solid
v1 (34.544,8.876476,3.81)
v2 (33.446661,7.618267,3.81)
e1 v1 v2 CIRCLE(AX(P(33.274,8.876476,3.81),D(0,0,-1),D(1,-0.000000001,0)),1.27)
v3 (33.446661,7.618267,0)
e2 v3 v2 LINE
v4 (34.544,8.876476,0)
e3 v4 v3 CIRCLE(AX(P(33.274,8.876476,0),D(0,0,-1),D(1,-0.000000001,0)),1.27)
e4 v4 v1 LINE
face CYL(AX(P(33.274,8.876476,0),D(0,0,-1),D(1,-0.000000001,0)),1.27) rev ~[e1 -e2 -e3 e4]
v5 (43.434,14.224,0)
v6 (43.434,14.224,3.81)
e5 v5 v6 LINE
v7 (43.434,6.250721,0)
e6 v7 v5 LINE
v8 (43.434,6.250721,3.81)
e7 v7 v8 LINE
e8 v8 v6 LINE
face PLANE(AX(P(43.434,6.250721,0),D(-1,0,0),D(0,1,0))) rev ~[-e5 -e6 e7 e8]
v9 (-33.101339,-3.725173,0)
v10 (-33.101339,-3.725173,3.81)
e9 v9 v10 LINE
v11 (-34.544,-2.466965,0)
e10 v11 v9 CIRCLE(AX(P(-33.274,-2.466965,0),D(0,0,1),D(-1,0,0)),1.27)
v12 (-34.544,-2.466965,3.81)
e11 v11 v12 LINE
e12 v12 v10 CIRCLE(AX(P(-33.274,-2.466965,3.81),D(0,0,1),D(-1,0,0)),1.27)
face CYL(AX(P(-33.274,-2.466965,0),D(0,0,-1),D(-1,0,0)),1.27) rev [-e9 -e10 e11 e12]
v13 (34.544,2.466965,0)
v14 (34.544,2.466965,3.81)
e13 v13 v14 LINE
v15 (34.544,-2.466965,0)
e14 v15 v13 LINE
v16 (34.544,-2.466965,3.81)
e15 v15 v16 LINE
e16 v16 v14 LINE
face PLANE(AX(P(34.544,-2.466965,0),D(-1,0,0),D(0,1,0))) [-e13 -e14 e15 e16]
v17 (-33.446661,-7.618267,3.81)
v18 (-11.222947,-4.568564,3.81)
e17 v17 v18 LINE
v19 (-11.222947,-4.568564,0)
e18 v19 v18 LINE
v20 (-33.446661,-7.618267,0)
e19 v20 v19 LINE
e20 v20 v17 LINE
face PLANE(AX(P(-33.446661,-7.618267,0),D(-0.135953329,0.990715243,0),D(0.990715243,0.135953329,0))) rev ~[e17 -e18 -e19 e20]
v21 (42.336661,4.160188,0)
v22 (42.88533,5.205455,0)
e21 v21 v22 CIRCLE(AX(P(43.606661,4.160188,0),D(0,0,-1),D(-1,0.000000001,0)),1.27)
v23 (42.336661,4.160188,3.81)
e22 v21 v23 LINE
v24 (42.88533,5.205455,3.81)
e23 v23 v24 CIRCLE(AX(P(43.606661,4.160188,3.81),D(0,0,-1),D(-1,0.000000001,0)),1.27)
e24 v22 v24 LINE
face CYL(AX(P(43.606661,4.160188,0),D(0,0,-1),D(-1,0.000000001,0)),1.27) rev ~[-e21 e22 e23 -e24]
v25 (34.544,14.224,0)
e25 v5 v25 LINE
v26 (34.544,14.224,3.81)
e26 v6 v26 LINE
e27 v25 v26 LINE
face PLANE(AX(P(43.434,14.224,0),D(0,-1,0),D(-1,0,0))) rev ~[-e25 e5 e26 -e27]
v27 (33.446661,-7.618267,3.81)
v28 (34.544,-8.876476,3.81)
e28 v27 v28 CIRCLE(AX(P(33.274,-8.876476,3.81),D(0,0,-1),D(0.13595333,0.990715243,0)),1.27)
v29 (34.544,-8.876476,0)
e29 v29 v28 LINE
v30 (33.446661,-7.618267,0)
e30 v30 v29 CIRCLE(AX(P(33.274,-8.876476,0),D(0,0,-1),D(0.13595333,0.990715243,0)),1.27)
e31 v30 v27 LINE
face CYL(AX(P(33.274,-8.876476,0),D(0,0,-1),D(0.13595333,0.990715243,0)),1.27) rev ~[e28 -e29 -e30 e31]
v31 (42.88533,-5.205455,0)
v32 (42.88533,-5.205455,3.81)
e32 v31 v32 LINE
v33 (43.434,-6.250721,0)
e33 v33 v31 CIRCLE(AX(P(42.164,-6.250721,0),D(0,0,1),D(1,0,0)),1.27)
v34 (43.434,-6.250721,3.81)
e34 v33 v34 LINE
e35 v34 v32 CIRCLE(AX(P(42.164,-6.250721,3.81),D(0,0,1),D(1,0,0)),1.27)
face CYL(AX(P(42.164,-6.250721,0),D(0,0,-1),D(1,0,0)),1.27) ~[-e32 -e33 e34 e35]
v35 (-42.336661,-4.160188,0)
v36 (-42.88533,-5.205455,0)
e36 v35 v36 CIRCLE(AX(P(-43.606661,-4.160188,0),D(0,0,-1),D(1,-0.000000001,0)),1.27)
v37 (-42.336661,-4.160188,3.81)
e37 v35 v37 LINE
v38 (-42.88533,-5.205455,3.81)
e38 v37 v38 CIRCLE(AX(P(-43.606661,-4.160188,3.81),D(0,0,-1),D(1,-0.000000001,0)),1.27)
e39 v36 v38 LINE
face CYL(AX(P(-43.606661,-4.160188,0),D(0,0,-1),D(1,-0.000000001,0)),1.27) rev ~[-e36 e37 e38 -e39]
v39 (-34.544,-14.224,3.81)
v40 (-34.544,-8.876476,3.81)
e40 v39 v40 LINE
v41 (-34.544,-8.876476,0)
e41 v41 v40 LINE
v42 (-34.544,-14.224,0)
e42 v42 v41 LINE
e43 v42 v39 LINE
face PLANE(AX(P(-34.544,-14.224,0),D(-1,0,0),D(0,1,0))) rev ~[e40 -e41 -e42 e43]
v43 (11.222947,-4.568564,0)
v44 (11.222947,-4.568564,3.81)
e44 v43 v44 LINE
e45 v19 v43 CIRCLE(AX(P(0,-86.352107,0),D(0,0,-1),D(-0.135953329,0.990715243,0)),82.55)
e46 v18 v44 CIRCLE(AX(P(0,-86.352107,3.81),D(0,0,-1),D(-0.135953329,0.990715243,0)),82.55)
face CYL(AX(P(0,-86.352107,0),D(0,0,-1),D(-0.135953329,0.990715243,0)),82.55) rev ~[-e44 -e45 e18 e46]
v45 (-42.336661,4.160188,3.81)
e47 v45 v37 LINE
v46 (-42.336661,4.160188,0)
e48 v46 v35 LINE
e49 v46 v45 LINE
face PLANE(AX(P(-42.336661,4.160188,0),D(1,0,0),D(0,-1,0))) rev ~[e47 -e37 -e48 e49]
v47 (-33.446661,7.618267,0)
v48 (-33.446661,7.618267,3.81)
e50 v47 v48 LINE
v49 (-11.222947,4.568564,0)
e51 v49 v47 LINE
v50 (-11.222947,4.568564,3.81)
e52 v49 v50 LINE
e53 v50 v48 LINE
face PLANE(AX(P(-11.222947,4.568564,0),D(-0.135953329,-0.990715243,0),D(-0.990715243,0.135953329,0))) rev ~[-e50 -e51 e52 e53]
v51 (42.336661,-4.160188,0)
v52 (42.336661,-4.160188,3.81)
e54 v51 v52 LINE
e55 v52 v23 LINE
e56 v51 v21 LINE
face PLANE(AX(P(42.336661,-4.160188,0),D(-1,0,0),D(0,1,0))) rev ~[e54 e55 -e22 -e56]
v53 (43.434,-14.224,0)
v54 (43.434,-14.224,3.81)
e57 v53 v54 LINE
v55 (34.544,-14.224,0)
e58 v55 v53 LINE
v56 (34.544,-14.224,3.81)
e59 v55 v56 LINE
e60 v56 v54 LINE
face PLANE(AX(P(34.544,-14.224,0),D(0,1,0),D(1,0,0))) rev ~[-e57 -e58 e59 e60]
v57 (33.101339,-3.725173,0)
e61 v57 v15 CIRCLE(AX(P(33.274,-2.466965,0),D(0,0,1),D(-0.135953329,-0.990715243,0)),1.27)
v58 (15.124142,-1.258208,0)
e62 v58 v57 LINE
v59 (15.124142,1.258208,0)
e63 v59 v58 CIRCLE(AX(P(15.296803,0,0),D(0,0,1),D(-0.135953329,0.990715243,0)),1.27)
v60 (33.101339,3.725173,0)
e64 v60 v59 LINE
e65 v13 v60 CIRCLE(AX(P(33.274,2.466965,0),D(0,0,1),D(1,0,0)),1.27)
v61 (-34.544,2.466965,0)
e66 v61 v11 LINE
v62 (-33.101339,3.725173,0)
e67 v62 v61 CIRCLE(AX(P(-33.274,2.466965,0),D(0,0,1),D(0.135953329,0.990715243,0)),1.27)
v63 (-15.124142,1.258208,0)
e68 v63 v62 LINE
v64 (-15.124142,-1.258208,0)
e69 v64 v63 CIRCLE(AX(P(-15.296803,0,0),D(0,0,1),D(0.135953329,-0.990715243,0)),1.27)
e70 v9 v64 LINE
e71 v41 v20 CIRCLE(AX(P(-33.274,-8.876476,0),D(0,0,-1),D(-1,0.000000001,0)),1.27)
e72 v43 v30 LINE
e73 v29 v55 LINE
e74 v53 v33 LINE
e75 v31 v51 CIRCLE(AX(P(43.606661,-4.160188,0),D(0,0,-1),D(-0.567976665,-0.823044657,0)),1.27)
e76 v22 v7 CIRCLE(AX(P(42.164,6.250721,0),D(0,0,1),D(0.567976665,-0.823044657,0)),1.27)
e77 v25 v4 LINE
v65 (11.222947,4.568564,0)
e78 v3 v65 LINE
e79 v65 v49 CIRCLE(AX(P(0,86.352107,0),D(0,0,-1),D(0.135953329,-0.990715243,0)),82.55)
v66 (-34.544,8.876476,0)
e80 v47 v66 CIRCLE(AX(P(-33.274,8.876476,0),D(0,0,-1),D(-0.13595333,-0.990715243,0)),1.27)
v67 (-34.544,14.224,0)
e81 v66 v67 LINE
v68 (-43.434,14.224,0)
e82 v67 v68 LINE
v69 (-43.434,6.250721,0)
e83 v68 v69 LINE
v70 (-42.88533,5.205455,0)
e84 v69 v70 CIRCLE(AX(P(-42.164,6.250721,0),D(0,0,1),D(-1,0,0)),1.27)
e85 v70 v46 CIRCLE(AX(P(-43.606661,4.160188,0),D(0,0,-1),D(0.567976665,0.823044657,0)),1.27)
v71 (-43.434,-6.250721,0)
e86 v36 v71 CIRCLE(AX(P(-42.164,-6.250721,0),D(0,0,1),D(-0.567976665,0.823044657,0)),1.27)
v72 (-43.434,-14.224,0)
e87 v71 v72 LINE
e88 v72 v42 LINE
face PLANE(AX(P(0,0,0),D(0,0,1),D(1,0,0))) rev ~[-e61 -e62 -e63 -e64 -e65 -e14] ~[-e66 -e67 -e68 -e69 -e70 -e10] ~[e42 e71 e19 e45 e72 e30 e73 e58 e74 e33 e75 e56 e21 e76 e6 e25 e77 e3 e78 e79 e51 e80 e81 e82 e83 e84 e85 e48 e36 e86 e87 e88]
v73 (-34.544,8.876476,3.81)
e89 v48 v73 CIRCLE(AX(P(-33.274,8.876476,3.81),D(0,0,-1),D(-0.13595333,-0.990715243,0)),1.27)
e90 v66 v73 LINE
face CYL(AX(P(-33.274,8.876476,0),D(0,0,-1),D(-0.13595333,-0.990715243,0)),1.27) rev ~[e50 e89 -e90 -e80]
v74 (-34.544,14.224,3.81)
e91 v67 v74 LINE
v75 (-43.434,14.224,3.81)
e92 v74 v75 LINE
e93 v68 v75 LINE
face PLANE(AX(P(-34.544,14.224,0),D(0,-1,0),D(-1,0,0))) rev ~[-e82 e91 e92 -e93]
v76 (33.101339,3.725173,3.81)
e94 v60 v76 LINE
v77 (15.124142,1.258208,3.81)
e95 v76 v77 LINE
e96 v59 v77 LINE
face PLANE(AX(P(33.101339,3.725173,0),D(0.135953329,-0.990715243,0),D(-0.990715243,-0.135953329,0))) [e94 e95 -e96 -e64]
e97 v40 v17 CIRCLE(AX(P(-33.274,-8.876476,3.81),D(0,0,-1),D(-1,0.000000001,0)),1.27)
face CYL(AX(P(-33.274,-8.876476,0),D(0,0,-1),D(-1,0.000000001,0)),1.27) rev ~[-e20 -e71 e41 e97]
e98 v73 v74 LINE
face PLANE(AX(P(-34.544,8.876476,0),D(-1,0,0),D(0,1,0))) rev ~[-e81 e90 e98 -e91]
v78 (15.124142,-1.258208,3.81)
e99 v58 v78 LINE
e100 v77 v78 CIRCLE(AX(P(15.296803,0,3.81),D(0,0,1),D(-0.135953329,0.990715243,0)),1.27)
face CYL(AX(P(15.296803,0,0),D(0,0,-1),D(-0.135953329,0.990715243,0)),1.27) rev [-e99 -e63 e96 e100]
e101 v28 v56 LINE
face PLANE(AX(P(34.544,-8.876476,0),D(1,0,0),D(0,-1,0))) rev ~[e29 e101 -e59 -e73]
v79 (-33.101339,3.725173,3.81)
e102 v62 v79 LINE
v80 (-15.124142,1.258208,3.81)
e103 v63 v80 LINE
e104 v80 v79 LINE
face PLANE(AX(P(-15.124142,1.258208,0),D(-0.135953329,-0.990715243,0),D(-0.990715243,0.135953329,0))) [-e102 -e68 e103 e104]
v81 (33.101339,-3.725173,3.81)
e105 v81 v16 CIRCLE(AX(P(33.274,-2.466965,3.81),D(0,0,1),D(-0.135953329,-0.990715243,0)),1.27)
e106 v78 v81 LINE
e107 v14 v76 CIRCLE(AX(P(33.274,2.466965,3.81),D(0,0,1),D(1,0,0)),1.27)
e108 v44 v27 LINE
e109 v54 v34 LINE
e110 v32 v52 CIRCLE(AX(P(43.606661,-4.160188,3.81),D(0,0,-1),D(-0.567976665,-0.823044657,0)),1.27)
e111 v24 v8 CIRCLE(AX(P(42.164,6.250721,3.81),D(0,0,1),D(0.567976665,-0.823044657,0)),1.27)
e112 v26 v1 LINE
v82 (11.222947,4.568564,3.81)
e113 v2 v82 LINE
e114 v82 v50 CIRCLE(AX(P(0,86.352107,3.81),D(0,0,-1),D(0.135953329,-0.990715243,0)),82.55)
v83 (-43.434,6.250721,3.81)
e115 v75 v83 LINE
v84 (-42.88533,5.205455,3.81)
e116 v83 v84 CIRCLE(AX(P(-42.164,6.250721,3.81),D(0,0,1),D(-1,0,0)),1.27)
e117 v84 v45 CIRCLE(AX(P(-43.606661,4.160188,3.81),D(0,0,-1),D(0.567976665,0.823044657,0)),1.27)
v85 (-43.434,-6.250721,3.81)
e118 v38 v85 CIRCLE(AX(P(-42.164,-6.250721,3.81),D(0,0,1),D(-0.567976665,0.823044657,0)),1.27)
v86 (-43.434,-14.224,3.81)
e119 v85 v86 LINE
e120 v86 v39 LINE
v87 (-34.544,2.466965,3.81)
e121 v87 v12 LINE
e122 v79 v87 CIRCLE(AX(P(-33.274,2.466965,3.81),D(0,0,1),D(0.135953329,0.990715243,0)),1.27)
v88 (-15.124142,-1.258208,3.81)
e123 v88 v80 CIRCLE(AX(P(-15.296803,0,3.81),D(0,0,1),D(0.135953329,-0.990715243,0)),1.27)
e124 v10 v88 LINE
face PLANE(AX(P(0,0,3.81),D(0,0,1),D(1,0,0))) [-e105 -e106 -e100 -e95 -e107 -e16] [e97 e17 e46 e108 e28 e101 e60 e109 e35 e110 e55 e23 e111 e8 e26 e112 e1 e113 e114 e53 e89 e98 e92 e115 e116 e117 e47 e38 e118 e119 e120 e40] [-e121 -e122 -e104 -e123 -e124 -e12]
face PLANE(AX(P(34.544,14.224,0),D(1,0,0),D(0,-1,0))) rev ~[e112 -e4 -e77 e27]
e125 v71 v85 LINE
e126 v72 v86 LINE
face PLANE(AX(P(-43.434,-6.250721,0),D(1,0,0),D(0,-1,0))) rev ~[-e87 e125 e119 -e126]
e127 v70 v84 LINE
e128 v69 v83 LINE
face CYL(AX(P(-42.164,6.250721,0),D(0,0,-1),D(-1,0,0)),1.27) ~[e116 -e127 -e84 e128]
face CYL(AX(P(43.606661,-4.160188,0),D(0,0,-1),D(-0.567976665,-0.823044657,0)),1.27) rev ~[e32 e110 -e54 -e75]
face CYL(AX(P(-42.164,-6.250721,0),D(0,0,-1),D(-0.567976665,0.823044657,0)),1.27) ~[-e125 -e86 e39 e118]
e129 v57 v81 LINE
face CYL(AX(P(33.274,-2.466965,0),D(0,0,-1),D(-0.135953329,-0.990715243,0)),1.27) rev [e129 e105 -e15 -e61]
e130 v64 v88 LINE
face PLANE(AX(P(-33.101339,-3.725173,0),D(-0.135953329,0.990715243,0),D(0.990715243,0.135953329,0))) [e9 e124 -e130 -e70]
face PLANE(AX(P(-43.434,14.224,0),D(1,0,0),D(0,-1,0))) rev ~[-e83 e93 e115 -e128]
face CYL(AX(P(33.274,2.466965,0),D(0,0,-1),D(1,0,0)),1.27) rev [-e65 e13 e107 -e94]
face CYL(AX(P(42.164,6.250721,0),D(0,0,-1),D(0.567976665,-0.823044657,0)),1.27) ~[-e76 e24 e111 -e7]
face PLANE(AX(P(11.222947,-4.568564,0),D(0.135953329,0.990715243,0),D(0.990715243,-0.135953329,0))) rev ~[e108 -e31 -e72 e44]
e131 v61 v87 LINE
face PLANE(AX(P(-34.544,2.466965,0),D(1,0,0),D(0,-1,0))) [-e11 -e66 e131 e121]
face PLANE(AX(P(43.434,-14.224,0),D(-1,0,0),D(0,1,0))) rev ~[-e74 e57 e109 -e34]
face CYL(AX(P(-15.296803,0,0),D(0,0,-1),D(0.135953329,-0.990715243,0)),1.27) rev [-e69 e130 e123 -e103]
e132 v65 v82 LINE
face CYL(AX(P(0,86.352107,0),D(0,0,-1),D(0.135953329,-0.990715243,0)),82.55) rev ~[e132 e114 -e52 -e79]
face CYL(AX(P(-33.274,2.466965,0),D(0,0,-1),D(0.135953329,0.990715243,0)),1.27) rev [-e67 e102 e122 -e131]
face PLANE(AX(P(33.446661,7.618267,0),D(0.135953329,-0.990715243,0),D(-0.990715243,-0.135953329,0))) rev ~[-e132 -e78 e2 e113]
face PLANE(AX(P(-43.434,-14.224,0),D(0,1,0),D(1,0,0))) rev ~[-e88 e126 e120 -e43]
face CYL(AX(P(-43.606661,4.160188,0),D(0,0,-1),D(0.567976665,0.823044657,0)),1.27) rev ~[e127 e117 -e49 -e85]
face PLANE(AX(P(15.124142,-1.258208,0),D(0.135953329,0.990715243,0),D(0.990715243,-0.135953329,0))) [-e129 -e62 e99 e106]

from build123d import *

# Parameters (mm, degrees)
BOSS_EXTRUDE1_DEPTH = 3.81


with BuildPart() as part:
    # Sketch1 → Boss-Extrude1 (new body)
    with BuildSketch(Plane.XY):
        with BuildLine():
            Line((-43.434, -9.779), (-43.434, -14.224))
            Line((-43.434, -14.224), (-34.544, -14.224))
            Line((-34.544, -14.224), (-34.544, -9.779))
            Line((-34.544, -9.779), (-34.544, -8.876475723))
            ThreePointArc((-34.544, -8.876475723), (-34.231125677, -8.041724001), (-33.446660728, -7.618267365))
            Line((-33.446660728, -7.618267365), (-11.222947321, -4.568563784))
            ThreePointArc((-11.222947321, -4.568563784), (0, -3.802107076), (11.222947321, -4.568563784))
            Line((11.222947321, -4.568563784), (33.446660728, -7.618267365))
            ThreePointArc((33.446660728, -7.618267365), (34.231125677, -8.041724001), (34.544, -8.876475723))
            Line((34.544, -8.876475723), (34.544, -9.779))
            Line((34.544, -9.779), (34.544, -14.224))
            Line((34.544, -14.224), (43.434, -14.224))
            Line((43.434, -14.224), (43.434, -9.779))
            Line((43.434, -9.779), (43.434, -6.250721328))
            ThreePointArc((43.434, -6.250721328), (43.288497568, -5.660462724), (42.885330364, -5.205454612))
            ThreePointArc((42.885330364, -5.205454612), (42.48216316, -4.7504465), (42.336660728, -4.160187897))
            Line((42.336660728, -4.160187897), (42.336660728, 4.160187897))
            ThreePointArc((42.336660728, 4.160187897), (42.48216316, 4.7504465), (42.885330364, 5.205454612))
            ThreePointArc((42.885330364, 5.205454612), (43.288497568, 5.660462724), (43.434, 6.250721328))
            Line((43.434, 6.250721328), (43.434, 9.779))
            Line((43.434, 9.779), (43.434, 14.224))
            Line((43.434, 14.224), (34.544, 14.224))
            Line((34.544, 14.224), (34.544, 9.779))
            Line((34.544, 9.779), (34.544, 8.876475723))
            ThreePointArc((34.544, 8.876475723), (34.231125677, 8.041724001), (33.446660728, 7.618267365))
            Line((33.446660728, 7.618267365), (11.222947321, 4.568563784))
            ThreePointArc((11.222947321, 4.568563784), (0, 3.802107076), (-11.222947321, 4.568563784))
            Line((-11.222947321, 4.568563784), (-33.446660728, 7.618267365))
            ThreePointArc((-33.446660728, 7.618267365), (-34.231125677, 8.041724001), (-34.544, 8.876475723))
            Line((-34.544, 8.876475723), (-34.544, 9.779))
            Line((-34.544, 9.779), (-34.544, 14.224))
            Line((-34.544, 14.224), (-43.434, 14.224))
            Line((-43.434, 14.224), (-43.434, 9.779))
            Line((-43.434, 9.779), (-43.434, 6.250721328))
            ThreePointArc((-43.434, 6.250721328), (-43.288497568, 5.660462724), (-42.885330364, 5.205454612))
            ThreePointArc((-42.885330364, 5.205454612), (-42.48216316, 4.7504465), (-42.336660728, 4.160187897))
            Line((-42.336660728, 4.160187897), (-42.336660728, -4.160187897))
            ThreePointArc((-42.336660728, -4.160187897), (-42.48216316, -4.7504465), (-42.885330364, -5.205454612))
            ThreePointArc((-42.885330364, -5.205454612), (-43.288497568, -5.660462724), (-43.434, -6.250721328))
            Line((-43.434, -6.250721328), (-43.434, -9.779))
        make_face()
        with BuildLine():
            Line((-33.101339272, -3.725173331), (-15.12414212, -1.258208358))
            ThreePointArc((-15.12414212, -1.258208358), (-14.026802848, 0), (-15.12414212, 1.258208358))
            Line((-15.12414212, 1.258208358), (-33.101339272, 3.725173331))
            ThreePointArc((-33.101339272, 3.725173331), (-34.108751722, 3.42409065), (-34.544, 2.466964972))
            Line((-34.544, 2.466964972), (-34.544, -2.466964972))
            ThreePointArc((-34.544, -2.466964972), (-34.108751722, -3.42409065), (-33.101339272, -3.725173331))
        make_face(mode=Mode.SUBTRACT)
        with BuildLine():
            Line((34.544, -2.466964972), (34.544, 2.466964972))
            ThreePointArc((34.544, 2.466964972), (34.108751722, 3.42409065), (33.101339272, 3.725173331))
            Line((33.101339272, 3.725173331), (15.12414212, 1.258208358))
            ThreePointArc((15.12414212, 1.258208358), (14.026802848, 0), (15.12414212, -1.258208358))
            Line((15.12414212, -1.258208358), (33.101339272, -3.725173331))
            ThreePointArc((33.101339272, -3.725173331), (34.108751722, -3.42409065), (34.544, -2.466964972))
        make_face(mode=Mode.SUBTRACT)
    extrude(amount=BOSS_EXTRUDE1_DEPTH)


solid = part.part
